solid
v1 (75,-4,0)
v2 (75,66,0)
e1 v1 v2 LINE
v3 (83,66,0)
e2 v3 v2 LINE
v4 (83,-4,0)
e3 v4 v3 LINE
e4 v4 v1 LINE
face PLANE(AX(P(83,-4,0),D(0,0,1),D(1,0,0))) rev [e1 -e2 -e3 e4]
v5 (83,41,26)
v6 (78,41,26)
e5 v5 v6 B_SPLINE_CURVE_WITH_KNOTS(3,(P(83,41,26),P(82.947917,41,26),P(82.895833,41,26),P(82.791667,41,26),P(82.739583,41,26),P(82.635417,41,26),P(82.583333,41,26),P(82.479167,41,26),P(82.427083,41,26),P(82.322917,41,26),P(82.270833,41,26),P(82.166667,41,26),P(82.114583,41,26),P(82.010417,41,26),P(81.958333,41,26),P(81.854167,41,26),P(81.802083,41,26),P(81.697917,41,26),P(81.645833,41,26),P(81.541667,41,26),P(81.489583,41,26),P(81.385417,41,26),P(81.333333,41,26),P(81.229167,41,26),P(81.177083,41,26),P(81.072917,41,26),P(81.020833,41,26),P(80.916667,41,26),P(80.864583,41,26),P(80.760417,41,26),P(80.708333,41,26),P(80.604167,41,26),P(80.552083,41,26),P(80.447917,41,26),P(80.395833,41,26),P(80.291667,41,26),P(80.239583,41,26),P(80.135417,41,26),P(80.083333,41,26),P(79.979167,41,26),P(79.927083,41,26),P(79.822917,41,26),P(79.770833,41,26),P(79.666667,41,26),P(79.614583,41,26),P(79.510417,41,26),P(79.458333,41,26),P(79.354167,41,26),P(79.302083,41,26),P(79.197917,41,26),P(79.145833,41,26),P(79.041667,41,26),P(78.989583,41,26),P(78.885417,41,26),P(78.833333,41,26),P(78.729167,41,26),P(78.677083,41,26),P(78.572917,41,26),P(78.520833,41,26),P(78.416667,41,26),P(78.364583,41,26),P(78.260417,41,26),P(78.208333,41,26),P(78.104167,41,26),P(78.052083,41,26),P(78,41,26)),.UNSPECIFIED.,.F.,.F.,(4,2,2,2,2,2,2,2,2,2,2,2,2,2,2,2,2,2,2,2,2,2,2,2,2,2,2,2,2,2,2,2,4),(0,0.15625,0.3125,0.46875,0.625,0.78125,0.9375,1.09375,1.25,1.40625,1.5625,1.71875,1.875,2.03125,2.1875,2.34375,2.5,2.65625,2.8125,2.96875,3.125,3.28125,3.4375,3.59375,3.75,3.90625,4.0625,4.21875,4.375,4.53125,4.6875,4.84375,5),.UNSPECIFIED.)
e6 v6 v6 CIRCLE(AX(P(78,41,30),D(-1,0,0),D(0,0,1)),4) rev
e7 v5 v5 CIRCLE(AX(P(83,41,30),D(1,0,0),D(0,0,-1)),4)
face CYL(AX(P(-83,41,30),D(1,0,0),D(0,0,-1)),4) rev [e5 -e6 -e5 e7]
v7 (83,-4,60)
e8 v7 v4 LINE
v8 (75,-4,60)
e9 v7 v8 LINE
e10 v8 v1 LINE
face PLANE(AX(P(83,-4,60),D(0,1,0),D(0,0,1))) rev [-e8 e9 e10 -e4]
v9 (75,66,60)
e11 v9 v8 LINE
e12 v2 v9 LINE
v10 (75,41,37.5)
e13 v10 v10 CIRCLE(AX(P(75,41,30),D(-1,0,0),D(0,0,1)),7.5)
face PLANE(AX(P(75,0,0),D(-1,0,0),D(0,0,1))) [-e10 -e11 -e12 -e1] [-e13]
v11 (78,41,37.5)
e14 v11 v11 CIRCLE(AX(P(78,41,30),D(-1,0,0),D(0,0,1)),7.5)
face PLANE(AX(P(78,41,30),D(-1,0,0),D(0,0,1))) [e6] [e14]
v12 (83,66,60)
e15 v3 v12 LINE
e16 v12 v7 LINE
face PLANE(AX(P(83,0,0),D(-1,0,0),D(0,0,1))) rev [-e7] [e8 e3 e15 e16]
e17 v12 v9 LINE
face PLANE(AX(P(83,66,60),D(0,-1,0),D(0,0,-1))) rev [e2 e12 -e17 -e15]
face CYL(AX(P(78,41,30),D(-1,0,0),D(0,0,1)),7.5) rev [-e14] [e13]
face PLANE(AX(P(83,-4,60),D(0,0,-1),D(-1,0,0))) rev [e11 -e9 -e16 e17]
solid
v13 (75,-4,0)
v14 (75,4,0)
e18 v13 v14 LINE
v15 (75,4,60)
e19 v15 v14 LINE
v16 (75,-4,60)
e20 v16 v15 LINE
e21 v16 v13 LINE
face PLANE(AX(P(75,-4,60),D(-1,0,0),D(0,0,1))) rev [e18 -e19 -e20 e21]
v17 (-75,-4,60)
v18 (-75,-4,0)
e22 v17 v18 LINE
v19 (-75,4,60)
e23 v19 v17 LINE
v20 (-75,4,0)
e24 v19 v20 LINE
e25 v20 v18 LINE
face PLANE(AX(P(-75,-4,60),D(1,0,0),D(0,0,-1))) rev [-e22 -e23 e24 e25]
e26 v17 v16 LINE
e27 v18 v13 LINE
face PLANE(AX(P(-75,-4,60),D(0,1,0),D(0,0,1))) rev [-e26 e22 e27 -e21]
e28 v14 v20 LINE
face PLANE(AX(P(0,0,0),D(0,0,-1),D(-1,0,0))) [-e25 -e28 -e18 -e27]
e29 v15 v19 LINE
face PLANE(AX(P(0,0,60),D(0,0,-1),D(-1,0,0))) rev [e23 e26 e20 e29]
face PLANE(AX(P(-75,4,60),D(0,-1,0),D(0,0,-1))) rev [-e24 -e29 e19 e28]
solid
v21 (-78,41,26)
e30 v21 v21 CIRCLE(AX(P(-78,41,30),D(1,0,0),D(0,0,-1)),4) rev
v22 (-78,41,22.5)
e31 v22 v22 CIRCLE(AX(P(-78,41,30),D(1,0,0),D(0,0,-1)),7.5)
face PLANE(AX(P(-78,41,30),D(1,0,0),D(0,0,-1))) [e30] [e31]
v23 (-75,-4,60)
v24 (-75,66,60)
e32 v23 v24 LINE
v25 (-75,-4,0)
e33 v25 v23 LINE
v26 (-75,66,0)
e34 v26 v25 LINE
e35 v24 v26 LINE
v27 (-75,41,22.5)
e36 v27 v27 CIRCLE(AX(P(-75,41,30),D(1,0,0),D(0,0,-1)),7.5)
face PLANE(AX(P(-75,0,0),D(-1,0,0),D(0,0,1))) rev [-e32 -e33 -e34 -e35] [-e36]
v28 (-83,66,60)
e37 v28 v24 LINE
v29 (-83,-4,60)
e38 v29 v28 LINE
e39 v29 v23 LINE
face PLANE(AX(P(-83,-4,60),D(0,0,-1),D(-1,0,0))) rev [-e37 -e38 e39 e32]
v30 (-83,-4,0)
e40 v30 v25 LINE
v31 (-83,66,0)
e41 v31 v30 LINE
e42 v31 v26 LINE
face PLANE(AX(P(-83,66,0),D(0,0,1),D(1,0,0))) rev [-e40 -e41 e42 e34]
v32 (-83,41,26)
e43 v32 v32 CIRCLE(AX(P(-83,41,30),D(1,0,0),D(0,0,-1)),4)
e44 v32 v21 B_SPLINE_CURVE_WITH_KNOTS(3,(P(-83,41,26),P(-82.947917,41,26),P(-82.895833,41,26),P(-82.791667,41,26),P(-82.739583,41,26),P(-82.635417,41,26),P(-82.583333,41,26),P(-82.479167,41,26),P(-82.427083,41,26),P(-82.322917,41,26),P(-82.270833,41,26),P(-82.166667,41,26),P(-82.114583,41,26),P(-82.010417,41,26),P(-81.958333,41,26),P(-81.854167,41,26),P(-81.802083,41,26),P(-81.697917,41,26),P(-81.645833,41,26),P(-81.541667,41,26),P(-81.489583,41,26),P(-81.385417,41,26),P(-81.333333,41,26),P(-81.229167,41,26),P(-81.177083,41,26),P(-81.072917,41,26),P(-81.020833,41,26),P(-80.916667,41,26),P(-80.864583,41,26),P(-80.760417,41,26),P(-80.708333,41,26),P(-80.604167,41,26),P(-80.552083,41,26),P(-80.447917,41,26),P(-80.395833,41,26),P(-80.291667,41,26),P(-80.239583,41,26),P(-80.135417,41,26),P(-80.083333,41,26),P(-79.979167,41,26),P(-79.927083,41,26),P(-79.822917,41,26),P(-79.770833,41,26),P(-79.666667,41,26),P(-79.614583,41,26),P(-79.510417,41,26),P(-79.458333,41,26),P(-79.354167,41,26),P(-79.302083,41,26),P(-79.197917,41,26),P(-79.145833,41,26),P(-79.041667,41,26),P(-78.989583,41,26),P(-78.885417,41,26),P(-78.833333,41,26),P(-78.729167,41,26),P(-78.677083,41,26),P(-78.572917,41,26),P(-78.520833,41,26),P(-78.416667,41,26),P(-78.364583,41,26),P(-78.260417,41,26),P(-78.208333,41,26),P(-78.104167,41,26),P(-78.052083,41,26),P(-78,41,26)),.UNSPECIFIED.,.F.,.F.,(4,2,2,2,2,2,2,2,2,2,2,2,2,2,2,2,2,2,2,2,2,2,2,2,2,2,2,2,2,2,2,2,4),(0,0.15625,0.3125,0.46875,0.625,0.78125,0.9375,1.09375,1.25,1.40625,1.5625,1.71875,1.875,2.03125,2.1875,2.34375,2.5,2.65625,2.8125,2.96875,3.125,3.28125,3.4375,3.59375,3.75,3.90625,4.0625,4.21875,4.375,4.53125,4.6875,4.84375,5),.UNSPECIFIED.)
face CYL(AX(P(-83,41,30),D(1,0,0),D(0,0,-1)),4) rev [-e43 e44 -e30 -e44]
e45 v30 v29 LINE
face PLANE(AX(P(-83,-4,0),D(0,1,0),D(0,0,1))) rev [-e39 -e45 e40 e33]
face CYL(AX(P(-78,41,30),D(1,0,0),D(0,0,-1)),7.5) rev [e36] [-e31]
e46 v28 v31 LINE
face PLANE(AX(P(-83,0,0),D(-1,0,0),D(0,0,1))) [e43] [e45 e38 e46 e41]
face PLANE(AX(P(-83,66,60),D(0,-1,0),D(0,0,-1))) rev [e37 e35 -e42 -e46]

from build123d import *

# Parameters (mm, degrees)
SKETCH1_W           = 150
SKETCH1_H           = 8
BOSS_EXTRUDE1_DEPTH = 60
SKETCH2_W           = 60
SKETCH2_H           = 70
BOSS_EXTRUDE2_DEPTH = 8
SKETCH3_W           = 60
SKETCH3_H           = 70
BOSS_EXTRUDE3_DEPTH = 8
SKETCH4_R           = 4
CUT_EXTRUDE1_DEPTH  = 189.446278817
SKETCH5_R           = 7.5
CUT_EXTRUDE2_DEPTH  = 3
SKETCH6_R           = 7.5
CUT_EXTRUDE3_DEPTH  = 3


with BuildPart() as part:
    # Sketch1 → Boss-Extrude1 (new body)
    with BuildSketch(Plane.XY):
        Rectangle(SKETCH1_W, SKETCH1_H)
    extrude(amount=BOSS_EXTRUDE1_DEPTH)


with BuildPart() as body_2:
    # Sketch2 → Boss-Extrude2 (new body)
    with BuildSketch(Plane(origin=(75, 0, 0), x_dir=(0, 0, -1), z_dir=(1, 0, 0))):
        with Locations((-30, 31)):
            Rectangle(SKETCH2_W, SKETCH2_H)
    extrude(amount=BOSS_EXTRUDE2_DEPTH)


with BuildPart() as body_3:
    # Sketch3 → Boss-Extrude3 (new body)
    with BuildSketch(Plane.ZY.offset(75)):
        with Locations((30, 31)):
            Rectangle(SKETCH3_W, SKETCH3_H)
    extrude(amount=BOSS_EXTRUDE3_DEPTH)


with BuildPart() as cut_extrude1_tool:
    # Sketch4 → Cut-Extrude1 (new, through all)
    with BuildSketch(Plane(origin=(83, 0, 0), x_dir=(0, 0, -1), z_dir=(1, 0, 0))):
        with Locations((-30, 41)):
            Circle(SKETCH4_R)
    extrude(amount=-CUT_EXTRUDE1_DEPTH)


with BuildPart() as body_2_1:
    add(body_2.part)

    # Cut-Extrude1: cut by cut_extrude1_tool
    add(cut_extrude1_tool.part, mode=Mode.SUBTRACT)

    # Sketch5 → Cut-Extrude2 (cut)
    with BuildSketch(Plane.ZY.offset(-75)):
        with Locations((30, 41)):
            Circle(SKETCH5_R)
    extrude(amount=-CUT_EXTRUDE2_DEPTH, mode=Mode.SUBTRACT)


with BuildPart() as body_3_1:
    add(body_3.part)

    # Cut-Extrude1: cut by cut_extrude1_tool
    add(cut_extrude1_tool.part, mode=Mode.SUBTRACT)

    # Sketch6 → Cut-Extrude3 (cut)
    with BuildSketch(Plane(origin=(-75, 0, 0), x_dir=(0, 0, -1), z_dir=(1, 0, 0))):
        with Locations((-30, 41)):
            Circle(SKETCH6_R)
    extrude(amount=-CUT_EXTRUDE3_DEPTH, mode=Mode.SUBTRACT)


solid = Compound([part.part, body_2_1.part, body_3_1.part])
